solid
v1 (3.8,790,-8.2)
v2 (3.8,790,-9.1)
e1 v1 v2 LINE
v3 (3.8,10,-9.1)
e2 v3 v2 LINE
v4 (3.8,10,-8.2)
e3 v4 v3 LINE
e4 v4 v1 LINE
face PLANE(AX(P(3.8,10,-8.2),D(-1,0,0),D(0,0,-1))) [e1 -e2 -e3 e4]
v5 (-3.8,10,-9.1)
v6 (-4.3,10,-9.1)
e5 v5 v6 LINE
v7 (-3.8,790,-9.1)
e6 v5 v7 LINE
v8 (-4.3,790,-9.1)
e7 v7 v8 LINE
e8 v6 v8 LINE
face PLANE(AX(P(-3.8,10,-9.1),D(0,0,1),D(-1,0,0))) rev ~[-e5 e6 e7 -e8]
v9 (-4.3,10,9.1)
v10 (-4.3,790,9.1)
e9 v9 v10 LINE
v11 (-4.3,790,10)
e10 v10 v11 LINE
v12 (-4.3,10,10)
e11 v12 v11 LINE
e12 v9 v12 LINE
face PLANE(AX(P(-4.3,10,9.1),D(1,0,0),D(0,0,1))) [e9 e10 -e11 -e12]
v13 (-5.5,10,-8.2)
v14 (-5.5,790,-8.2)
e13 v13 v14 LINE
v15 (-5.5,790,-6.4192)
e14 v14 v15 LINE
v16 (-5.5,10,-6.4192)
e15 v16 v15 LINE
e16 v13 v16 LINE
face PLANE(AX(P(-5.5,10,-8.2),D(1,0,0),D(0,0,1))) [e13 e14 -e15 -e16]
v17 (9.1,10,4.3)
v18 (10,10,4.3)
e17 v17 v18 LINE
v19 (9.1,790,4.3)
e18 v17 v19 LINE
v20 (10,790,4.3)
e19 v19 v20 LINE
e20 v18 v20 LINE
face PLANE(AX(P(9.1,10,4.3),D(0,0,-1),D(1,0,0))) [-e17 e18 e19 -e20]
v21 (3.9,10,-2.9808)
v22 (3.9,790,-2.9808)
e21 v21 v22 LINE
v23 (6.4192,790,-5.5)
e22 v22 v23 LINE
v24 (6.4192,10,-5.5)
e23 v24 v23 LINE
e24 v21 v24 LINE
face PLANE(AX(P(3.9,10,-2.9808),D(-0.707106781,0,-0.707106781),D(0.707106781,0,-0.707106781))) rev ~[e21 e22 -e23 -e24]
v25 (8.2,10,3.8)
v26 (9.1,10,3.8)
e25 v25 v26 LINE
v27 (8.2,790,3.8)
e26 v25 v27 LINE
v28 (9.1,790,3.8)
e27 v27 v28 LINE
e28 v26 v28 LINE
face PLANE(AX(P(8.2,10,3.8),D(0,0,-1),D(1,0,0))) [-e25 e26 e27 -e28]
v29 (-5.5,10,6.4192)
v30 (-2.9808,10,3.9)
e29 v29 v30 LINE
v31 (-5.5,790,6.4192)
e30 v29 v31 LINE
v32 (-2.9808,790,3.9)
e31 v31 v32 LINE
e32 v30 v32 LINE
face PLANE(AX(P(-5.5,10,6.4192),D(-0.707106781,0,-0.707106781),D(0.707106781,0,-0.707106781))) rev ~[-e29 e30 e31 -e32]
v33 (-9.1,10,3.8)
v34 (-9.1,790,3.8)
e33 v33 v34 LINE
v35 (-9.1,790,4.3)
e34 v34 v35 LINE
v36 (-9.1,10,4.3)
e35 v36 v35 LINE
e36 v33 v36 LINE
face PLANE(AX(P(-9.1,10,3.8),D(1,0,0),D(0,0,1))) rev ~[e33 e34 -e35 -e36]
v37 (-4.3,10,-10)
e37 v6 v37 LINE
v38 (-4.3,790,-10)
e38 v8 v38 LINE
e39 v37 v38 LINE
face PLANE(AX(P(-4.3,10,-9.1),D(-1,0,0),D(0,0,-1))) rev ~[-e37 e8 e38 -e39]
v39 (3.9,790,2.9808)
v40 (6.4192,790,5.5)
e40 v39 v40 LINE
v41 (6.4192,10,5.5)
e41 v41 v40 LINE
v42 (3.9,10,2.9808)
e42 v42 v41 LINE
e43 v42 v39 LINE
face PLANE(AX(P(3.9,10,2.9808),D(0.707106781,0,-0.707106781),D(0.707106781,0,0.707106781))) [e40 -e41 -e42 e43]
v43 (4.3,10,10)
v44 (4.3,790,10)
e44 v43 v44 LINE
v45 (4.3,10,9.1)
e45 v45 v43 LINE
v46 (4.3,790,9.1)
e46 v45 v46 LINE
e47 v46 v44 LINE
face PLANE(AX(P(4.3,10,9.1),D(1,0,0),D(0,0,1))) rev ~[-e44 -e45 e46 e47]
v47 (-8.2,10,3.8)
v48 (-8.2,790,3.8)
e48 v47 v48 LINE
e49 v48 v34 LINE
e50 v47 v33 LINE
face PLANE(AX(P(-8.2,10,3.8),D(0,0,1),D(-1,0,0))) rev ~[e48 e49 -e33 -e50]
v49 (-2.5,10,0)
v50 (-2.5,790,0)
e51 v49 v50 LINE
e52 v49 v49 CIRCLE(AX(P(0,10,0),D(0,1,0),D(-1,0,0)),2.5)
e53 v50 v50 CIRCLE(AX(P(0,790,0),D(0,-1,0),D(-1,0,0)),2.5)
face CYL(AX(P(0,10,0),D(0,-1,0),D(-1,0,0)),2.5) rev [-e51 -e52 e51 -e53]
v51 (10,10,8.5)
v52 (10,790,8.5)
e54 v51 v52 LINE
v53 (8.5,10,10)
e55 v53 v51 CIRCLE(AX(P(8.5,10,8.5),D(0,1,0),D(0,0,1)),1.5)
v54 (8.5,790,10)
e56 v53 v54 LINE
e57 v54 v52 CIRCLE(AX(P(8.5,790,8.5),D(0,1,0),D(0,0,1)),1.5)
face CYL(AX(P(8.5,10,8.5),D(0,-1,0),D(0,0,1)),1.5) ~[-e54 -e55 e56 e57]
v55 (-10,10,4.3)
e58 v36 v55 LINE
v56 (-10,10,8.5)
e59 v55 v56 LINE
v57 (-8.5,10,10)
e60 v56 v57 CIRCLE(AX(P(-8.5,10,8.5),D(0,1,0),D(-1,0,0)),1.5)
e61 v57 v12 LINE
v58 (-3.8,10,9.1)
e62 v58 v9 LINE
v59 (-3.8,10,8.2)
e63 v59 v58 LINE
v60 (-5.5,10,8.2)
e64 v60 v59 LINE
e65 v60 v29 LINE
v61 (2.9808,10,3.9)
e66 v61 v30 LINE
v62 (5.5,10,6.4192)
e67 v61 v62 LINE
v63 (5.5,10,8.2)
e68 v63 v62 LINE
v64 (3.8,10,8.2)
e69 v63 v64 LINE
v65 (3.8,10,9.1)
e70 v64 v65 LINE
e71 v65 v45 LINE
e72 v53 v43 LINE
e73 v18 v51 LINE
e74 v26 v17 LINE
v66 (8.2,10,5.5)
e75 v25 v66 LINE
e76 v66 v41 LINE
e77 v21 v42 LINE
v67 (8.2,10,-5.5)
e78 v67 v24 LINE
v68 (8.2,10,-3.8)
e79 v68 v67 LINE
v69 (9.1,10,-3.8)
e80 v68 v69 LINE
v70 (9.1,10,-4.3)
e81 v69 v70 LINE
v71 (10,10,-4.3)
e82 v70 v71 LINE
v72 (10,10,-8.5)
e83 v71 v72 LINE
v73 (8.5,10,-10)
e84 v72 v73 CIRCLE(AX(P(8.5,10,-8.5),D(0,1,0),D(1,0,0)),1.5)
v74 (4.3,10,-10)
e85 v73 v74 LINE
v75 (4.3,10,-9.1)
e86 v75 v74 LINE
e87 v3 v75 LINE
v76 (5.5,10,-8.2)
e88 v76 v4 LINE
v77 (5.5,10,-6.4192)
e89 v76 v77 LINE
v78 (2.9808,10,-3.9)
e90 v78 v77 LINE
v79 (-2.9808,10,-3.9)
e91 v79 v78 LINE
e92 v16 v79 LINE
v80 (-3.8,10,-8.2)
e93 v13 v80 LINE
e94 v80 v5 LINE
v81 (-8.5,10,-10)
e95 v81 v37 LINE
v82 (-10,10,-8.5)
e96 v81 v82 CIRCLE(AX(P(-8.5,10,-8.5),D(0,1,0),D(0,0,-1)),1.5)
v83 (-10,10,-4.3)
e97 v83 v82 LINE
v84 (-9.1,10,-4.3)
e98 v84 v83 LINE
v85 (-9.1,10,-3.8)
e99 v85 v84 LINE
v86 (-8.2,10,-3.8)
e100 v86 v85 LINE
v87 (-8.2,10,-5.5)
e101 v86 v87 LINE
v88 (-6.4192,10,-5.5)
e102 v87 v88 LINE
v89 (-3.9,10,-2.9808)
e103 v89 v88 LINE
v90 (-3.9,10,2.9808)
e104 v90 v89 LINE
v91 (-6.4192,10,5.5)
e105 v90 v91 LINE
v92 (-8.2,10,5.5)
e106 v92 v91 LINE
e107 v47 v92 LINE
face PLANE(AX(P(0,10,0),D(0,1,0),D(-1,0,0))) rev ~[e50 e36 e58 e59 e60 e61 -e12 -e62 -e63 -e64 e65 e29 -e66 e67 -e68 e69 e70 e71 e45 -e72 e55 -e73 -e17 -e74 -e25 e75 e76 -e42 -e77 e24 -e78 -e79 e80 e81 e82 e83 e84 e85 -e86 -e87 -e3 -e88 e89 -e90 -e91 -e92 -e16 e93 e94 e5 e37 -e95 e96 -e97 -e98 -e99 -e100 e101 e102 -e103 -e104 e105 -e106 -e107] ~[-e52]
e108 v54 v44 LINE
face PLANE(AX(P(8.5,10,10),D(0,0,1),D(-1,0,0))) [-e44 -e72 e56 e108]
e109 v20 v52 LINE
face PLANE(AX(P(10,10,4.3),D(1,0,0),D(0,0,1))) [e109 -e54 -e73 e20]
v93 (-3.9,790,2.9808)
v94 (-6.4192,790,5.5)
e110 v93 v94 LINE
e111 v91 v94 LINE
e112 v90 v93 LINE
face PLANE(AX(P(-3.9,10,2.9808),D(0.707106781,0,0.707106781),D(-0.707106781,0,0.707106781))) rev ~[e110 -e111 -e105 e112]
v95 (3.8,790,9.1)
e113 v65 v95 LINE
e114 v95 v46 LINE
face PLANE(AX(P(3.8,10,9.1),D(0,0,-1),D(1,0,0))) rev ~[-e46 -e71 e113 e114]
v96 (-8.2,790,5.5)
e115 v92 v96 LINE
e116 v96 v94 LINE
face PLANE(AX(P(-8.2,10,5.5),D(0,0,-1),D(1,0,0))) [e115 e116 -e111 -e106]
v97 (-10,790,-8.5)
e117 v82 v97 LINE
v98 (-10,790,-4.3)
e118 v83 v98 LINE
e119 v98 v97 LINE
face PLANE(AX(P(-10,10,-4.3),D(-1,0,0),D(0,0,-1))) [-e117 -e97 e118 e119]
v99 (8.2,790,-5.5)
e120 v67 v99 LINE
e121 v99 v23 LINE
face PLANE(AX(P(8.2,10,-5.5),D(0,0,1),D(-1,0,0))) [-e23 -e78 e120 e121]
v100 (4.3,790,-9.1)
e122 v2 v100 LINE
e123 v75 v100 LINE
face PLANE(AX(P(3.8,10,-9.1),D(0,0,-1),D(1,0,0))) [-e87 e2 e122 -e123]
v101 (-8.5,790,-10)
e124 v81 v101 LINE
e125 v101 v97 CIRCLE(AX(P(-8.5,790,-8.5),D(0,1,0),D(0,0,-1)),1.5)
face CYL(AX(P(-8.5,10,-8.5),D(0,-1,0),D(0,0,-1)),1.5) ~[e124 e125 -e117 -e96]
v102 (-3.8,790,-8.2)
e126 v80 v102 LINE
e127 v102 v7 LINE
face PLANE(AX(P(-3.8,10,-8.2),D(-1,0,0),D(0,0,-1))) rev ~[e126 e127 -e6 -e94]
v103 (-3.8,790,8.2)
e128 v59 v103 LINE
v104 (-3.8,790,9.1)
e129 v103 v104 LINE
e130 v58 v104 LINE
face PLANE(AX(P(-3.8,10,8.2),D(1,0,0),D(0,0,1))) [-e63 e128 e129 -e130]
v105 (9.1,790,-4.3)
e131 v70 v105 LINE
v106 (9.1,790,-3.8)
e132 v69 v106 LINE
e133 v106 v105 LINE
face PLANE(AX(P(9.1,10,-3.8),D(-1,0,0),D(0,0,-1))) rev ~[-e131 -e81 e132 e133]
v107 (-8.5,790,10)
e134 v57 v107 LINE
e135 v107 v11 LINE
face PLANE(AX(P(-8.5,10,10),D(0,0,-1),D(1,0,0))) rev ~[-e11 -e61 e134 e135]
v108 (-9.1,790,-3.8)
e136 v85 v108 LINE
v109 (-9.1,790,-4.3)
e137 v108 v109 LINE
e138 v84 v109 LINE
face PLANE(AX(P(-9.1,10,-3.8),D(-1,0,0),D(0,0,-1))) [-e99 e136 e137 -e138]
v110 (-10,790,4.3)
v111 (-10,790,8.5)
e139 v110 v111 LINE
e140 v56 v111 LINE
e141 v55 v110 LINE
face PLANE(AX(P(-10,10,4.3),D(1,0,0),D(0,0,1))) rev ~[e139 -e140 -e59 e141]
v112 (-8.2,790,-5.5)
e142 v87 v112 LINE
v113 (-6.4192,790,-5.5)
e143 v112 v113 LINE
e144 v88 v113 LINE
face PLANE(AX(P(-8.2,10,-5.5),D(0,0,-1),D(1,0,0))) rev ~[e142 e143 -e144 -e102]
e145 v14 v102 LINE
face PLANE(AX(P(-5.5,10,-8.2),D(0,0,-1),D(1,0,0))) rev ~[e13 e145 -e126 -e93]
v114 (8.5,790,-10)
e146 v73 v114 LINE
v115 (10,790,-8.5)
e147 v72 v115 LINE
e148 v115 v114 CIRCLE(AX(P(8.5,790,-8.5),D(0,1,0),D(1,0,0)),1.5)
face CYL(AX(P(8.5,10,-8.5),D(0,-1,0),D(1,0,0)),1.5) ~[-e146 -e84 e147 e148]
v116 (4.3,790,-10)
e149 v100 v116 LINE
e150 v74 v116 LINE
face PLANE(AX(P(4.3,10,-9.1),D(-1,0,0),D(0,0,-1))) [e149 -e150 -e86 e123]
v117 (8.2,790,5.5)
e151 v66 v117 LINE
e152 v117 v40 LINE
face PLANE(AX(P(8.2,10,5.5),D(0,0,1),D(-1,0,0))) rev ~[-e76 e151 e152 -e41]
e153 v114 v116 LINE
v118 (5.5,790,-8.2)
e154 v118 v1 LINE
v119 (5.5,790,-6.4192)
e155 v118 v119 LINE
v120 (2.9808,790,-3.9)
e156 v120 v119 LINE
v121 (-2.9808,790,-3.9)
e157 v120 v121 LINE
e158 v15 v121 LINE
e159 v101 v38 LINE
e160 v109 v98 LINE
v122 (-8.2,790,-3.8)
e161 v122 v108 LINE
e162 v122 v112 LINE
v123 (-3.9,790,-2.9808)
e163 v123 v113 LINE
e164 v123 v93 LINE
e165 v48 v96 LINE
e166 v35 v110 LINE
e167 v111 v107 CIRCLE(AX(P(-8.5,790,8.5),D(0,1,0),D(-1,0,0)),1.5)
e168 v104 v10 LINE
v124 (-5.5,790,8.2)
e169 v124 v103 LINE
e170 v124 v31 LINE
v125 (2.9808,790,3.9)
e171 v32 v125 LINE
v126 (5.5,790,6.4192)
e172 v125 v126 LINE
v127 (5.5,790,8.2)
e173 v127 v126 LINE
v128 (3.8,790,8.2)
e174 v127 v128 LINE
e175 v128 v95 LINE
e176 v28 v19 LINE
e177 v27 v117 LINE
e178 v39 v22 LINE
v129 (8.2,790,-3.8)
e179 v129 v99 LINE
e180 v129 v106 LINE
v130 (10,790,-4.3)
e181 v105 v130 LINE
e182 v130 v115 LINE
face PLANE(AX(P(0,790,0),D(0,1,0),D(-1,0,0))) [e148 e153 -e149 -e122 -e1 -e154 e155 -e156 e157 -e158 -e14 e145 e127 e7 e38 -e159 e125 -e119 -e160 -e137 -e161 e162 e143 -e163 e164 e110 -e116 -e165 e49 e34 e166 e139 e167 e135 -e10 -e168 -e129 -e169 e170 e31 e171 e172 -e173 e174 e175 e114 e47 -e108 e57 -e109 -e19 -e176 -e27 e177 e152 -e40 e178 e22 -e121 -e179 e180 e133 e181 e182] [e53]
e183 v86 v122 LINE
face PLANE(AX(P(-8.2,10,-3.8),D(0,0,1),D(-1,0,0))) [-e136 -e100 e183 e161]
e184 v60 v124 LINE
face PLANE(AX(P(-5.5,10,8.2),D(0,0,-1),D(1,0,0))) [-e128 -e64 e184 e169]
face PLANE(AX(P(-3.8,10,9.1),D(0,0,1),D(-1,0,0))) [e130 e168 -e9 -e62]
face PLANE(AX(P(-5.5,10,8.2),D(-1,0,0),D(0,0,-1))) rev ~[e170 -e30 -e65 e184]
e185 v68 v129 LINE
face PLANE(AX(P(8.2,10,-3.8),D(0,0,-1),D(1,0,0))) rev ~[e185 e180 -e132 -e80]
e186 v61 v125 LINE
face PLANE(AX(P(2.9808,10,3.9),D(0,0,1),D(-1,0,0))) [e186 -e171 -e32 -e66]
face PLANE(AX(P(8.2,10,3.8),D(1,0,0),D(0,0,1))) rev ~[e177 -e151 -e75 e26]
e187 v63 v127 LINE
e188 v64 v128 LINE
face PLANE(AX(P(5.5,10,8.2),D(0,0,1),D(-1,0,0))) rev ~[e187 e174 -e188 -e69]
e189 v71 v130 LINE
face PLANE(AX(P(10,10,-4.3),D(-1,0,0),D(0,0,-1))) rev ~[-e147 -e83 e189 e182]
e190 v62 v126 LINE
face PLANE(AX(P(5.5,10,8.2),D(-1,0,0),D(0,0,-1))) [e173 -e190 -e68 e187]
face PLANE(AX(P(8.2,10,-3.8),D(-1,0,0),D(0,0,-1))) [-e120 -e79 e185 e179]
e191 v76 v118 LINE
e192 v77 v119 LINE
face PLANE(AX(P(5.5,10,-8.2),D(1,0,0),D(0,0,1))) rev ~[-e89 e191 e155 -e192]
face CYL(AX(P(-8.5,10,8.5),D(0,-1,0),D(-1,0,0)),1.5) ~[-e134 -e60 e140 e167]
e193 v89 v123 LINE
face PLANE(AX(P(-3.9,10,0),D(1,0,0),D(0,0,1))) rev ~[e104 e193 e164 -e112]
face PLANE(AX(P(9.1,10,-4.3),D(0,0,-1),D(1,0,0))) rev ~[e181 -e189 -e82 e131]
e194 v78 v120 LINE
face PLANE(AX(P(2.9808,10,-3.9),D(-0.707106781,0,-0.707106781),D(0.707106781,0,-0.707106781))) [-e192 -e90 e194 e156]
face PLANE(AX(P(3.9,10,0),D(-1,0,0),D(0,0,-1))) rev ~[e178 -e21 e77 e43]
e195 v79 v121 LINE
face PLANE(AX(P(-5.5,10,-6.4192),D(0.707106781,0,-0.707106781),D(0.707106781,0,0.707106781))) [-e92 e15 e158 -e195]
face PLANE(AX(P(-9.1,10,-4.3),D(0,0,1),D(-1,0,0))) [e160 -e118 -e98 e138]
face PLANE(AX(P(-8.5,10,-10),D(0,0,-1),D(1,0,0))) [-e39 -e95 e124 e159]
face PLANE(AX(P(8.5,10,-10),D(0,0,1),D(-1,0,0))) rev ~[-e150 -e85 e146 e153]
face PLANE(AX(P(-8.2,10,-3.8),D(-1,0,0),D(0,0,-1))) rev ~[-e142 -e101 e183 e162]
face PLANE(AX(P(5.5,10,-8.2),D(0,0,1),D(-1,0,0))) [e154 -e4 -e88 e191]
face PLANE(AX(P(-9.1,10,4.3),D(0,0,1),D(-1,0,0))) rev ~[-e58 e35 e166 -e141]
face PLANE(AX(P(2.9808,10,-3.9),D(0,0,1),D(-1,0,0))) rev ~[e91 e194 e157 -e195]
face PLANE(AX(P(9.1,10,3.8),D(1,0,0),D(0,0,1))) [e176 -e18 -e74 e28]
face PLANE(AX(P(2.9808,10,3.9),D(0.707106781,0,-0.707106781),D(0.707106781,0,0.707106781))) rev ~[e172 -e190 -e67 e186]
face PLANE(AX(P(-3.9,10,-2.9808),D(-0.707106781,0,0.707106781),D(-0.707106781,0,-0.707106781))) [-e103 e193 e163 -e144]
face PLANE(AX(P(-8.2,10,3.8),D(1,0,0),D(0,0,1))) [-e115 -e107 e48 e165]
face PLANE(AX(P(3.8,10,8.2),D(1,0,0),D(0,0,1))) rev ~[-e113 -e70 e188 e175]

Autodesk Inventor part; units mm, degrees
ref_plane "起始平面" through (0, 10, 0) normal (0, 1, 0) x (-1, 0, 0)
ref_plane "终止平面" through (0, 790, 0) normal (0, 1, 0) x (-1, 0, 0)
sketch "草图" plane through (0, 0, 0) normal (0, 1, 0) x (-1, 0, 0)
  line L0 (-9.1, 10.0192) -> (-9.101, 10.0203)
  line L1 (-10, 10) -> (-9.5607, 9.5607) construction
  arc A0 (-8.5, 10) -> (-10, 8.5) centre (-8.5, 8.5) ccw
  circle A1 centre (0, 0) radius 2.5
  line L2 (-2.9808, 3.9) -> (0, 3.9)
  line L3 (-3.9, 0) -> (-3.9, 2.9808)
  line L4 (-2.5, 0) -> (-3.1, 0)
  line L5 (2.9808, 3.9) -> (0, 3.9)
  circle A2 centre (0, 0) radius 2.5
  circle A3 centre (0, 0) radius 2.5
  circle A4 centre (0, 0) radius 2.5
  line L6 (0, 16.3557) -> (0, -12.0006)
  line L7 (-4.3, 9.1) -> (-4.3, 10)
  line L8 (2.9808, -3.9) -> (0, -3.9)
  line L9 (-3.9, 0) -> (-3.9, -2.9808)
  line L10 (3.9, 0) -> (3.9, -2.9808)
  line L11 (-2.9808, -3.9) -> (-5.5, -6.4192)
  line L12 (-2.9808, -3.9) -> (0, -3.9)
  line L13 (3.8, -8.2) -> (3.8, -9.1)
  line L14 (5.5, -6.4192) -> (2.9808, -3.9)
  line L15 (3.8, -9.1) -> (4.3, -9.1)
  line L16 (5.5, -8.2) -> (3.8, -8.2)
  line L17 (5.5, -8.2) -> (5.5, -6.4192)
  line L18 (3.9, -2.9808) -> (6.4192, -5.5)
  line L19 (8.2, -3.8) -> (8.2, -5.5)
  line L20 (8.2, -5.5) -> (6.4192, -5.5)
  line L21 (8.2, -3.8) -> (9.1, -3.8)
  line L22 (9.1, -3.8) -> (9.1, -4.3)
  line L23 (9.1, -4.3) -> (10, -4.3)
  line L24 (10, -4.3) -> (10, -8.5)
  arc A5 (8.5, -10) -> (10, -8.5) centre (8.5, -8.5) ccw
  line L25 (8.5, -10) -> (4.3, -10)
  line L26 (4.3, -9.1) -> (4.3, -10)
  line L27 (5.5, 6.4192) -> (2.9808, 3.9)
  line L28 (3.9, 2.9808) -> (6.4192, 5.5)
  line L29 (10, 4.3) -> (10, 8.5)
  line L30 (3.9, 0) -> (3.9, 2.9808)
  line L31 (5.5, 8.2) -> (5.5, 6.4192)
  line L32 (5.5, 8.2) -> (3.8, 8.2)
  line L33 (4.3, 9.1) -> (4.3, 10)
  arc A6 (10, 8.5) -> (8.5, 10) centre (8.5, 8.5) ccw
  line L34 (8.5, 10) -> (4.3, 10)
  line L35 (8.2, 3.8) -> (9.1, 3.8)
  line L36 (9.1, 4.3) -> (10, 4.3)
  line L37 (9.1, 3.8) -> (9.1, 4.3)
  line L38 (8.2, 3.8) -> (8.2, 5.5)
  line L39 (8.2, 5.5) -> (6.4192, 5.5)
  line L40 (3.8, 8.2) -> (3.8, 9.1)
  line L41 (3.8, 9.1) -> (4.3, 9.1)
  line L42 (-10, 4.3) -> (-10, 8.5)
  line L43 (-8.5, 10) -> (-4.3, 10)
  line L44 (-9.1, 4.3) -> (-10, 4.3)
  line L45 (-9.1, 3.8) -> (-9.1, 4.3)
  line L46 (-8.2, 3.8) -> (-9.1, 3.8)
  line L47 (-8.2, 5.5) -> (-6.4192, 5.5)
  line L48 (-8.2, 3.8) -> (-8.2, 5.5)
  line L49 (-5.5, 8.2) -> (-5.5, 6.4192)
  line L50 (-3.8, 9.1) -> (-4.3, 9.1)
  line L51 (-3.8, 8.2) -> (-3.8, 9.1)
  line L52 (-5.5, 8.2) -> (-3.8, 8.2)
  line L53 (-3.9, 2.9808) -> (-6.4192, 5.5)
  line L54 (-2.9808, 3.9) -> (-5.5, 6.4192)
  line L55 (-5.5, -8.2) -> (-3.8, -8.2)
  line L56 (-5.5, -8.2) -> (-5.5, -6.4192)
  line L57 (-3.9, -2.9808) -> (-6.4192, -5.5)
  line L58 (-3.8, -8.2) -> (-3.8, -9.1)
  line L59 (-3.8, -9.1) -> (-4.3, -9.1)
  line L60 (-4.3, -9.1) -> (-4.3, -10)
  line L61 (-8.2, -5.5) -> (-6.4192, -5.5)
  line L62 (-8.2, -3.8) -> (-9.1, -3.8)
  line L63 (-9.1, -3.8) -> (-9.1, -4.3)
  line L64 (-8.5, -10) -> (-4.3, -10)
  line L65 (-9.1, -4.3) -> (-10, -4.3)
  line L66 (-10, -4.3) -> (-10, -8.5)
  arc A7 (-10, -8.5) -> (-8.5, -10) centre (-8.5, -8.5) ccw
  line L67 (-8.2, -3.8) -> (-8.2, -5.5)
  dimension "圆角" = 1.5
  dimension "宽度" = 20
extrude "实体" add sketch "草图" along normal up to surface (780 mm away) from surface at 10 contours L43 L7 L50 L51 L52 L49 L54 L2 L6 A1 L12 L11 L56 L55 L58 L59 L60 L64 A7 L66 L65 L63 L62 L67 L61 L57 L9 L3 L53 L47 L48 L46 L45 L44 L42 A0 | L5 L27 L31 L32 L40 L41 L33 L34 A6 L29 L36 L37 L35 L38 L39 L28 L30 L10 L18 L20 L19 L21 L22 L23 L24 A5 L25 L26 L15 L13 L16 L17 L14 L8 L6 A1
sketch "草图2" plane through (0, 0, 0) normal (0, 1, 0) x (-1, 0, 0)
  line L0 (0, 0) -> (10, 0)
ref_plane "工作平面3" through (0, 0, 0) normal (0, 0, -1) x (-1, 0, 0)
sketch "草图3" plane through (0, 0, 0) normal (0, 0, -1) x (-1, 0, 0)
  line L0 (-2, 10) -> (12, 10)
  line L1 (-2, 790) -> (12, 790)
  dimension "d11" = 780
ref_plane "工作平面4" through (4.3, 790, -900) normal (0, 1, 0) x (1, 0, 0)
split "分割1" plane through (4.3, 790, -900) removes the side toward (0, 1, 0)
ref_plane "工作平面5" through (8.5, 10, -900) normal (0, -1, 0) x (1, 0, 0)
split "分割2" plane through (8.5, 10, -900) removes the side toward (0, -1, 0)
equation "\"G_L\" = d11"
properties part number "欧标 2020铝合金钢材-01"
